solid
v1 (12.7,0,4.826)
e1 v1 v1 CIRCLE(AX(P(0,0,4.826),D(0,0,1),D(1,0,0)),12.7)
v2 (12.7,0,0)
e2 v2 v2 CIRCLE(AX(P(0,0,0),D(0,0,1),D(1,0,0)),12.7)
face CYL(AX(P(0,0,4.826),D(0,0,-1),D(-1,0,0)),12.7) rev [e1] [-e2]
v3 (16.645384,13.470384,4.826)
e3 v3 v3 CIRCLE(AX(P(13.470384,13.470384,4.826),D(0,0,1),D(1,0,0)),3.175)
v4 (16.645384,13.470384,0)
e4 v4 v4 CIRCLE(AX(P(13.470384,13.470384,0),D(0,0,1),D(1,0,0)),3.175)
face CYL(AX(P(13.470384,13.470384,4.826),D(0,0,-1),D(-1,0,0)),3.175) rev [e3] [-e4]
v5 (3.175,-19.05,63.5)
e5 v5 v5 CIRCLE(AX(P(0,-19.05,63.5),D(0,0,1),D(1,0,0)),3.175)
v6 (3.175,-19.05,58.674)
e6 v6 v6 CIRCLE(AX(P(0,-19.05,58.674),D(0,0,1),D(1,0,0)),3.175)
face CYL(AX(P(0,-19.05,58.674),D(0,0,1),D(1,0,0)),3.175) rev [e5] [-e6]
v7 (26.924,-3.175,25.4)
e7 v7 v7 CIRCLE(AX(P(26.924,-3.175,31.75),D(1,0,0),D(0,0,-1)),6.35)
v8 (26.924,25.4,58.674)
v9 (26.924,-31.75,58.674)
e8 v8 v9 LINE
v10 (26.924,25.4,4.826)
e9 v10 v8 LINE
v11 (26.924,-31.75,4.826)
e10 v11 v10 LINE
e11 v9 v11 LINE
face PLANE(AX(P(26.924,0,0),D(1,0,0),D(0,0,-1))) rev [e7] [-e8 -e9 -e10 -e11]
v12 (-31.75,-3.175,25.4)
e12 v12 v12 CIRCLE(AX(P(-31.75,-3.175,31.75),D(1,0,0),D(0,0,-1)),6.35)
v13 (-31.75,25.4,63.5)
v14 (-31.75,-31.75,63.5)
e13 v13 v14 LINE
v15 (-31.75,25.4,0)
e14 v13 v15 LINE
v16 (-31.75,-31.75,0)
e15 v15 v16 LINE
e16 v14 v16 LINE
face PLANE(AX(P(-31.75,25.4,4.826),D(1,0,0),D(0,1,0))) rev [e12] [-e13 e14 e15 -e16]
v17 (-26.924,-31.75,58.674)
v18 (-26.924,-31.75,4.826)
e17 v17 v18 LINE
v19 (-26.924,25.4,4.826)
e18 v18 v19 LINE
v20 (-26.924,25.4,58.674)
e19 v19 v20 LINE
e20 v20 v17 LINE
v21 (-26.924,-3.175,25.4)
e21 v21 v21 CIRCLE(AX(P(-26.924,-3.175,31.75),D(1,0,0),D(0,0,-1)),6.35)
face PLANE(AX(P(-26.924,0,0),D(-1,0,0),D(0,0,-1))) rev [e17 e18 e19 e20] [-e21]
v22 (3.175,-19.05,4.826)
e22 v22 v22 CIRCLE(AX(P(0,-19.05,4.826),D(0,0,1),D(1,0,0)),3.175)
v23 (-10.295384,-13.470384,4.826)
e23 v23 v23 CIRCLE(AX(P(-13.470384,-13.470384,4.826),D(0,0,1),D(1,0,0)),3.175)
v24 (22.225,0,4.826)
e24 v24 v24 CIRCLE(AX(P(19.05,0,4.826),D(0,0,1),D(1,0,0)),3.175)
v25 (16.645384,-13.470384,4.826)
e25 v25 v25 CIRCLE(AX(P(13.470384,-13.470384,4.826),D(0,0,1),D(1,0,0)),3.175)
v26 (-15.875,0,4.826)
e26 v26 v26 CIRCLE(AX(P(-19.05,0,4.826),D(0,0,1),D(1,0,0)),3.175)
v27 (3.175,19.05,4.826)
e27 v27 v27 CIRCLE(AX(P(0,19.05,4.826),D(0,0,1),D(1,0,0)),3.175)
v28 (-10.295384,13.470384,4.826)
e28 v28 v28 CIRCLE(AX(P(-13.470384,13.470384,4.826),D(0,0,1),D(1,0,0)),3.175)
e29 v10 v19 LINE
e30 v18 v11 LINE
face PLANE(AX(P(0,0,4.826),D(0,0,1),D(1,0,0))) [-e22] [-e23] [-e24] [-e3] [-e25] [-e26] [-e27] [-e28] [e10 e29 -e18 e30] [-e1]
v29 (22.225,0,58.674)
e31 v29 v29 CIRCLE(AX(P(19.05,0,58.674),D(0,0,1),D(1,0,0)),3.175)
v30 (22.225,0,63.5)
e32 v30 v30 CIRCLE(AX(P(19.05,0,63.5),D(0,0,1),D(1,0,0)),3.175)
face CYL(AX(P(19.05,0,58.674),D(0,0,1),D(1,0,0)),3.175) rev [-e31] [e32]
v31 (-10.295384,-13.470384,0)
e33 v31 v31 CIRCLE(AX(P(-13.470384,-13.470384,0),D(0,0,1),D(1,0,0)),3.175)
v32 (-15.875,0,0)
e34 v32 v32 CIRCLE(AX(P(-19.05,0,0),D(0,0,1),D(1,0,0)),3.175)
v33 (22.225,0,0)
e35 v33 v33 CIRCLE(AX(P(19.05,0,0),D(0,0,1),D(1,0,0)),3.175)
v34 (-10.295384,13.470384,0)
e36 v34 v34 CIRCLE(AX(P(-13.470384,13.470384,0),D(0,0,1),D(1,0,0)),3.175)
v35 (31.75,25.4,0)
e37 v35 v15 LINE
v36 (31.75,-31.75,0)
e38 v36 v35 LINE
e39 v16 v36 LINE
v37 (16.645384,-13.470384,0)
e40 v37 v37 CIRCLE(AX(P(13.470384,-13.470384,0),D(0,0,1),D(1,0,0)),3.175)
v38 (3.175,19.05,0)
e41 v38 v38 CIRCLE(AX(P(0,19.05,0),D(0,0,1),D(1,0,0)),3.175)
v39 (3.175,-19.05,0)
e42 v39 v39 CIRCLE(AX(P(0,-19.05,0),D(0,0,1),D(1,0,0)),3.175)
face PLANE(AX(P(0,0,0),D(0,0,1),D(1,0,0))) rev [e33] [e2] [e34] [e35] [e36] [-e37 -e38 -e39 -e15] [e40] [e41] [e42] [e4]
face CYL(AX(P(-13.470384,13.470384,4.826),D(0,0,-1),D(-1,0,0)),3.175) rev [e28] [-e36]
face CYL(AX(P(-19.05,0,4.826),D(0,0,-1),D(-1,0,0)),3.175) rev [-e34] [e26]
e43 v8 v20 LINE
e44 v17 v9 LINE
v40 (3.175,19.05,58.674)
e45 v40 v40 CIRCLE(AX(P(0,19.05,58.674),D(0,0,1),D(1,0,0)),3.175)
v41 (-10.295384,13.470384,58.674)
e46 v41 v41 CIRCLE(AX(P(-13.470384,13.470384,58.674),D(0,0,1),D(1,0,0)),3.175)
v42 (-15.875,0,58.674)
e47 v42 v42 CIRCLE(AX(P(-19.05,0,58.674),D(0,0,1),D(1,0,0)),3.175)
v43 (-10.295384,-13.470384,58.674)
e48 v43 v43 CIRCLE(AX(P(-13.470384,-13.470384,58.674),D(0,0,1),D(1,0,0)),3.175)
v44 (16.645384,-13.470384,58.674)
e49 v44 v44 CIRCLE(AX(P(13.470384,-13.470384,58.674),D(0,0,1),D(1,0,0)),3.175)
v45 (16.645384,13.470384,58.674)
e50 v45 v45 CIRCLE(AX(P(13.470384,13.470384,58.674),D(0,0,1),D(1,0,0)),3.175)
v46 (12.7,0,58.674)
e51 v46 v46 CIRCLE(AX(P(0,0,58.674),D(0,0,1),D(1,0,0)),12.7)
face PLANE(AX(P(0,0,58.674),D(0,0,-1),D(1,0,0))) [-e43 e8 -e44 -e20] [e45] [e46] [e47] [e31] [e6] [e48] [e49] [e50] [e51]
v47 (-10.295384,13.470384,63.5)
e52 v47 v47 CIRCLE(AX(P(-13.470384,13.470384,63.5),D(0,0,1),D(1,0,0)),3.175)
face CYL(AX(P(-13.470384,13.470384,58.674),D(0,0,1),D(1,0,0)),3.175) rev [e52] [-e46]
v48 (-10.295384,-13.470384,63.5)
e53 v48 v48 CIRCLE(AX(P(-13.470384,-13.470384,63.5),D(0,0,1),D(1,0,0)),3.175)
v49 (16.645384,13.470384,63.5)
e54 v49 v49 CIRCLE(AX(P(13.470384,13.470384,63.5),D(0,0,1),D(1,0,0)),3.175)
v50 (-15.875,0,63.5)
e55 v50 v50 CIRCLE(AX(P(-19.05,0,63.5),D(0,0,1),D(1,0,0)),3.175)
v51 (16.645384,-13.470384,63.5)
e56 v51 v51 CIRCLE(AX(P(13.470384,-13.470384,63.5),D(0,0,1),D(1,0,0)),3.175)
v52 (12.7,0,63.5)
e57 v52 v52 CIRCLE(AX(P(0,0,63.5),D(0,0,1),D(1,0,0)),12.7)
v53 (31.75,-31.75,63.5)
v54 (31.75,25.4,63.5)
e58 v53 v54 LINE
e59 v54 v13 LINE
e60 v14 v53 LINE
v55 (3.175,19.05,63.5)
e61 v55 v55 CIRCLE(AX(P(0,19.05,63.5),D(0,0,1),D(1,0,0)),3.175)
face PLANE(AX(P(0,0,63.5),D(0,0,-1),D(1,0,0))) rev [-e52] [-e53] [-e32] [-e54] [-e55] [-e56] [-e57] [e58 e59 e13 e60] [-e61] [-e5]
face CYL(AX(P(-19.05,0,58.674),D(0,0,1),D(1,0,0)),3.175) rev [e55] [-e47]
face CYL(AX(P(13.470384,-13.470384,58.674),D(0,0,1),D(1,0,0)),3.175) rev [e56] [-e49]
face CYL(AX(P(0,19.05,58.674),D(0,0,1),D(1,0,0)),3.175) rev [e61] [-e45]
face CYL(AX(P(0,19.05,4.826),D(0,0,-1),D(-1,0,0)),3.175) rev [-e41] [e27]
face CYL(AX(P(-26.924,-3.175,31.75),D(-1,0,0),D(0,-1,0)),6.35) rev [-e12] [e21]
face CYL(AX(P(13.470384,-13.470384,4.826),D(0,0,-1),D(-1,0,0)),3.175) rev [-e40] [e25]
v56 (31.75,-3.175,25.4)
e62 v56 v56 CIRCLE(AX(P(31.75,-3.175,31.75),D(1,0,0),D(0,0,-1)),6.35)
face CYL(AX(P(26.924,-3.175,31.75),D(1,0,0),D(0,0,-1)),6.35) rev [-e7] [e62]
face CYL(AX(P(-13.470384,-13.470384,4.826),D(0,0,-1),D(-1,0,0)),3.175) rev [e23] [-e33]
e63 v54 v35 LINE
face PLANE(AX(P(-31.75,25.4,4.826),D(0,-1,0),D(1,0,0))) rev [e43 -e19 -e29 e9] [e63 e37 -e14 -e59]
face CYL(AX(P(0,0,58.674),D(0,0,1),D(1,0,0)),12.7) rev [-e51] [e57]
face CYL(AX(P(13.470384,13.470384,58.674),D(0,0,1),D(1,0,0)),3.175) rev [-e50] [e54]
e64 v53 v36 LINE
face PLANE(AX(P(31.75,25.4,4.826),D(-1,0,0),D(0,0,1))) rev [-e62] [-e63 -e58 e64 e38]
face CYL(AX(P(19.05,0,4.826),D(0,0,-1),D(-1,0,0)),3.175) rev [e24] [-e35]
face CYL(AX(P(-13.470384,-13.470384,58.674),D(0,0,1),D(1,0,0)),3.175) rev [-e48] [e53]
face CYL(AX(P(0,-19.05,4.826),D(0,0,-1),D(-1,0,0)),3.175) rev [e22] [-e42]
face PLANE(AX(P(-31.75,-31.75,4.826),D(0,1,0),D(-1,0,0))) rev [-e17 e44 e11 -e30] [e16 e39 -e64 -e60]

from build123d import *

# Parameters (mm, degrees)
SKETCH1_W           = 63.5
SKETCH1_H           = 57.15
SKETCH1_R           = 12.7
SKETCH1_R_2         = 3.175
BOSS_EXTRUDE2_DEPTH = 4.826
SKETCH2_W           = 53.848
SKETCH2_H           = 57.15
SKETCH2_R           = 6.35
BOSS_EXTRUDE3_DEPTH = 4.826


with BuildPart() as part:
    # Sketch1 → Boss-Extrude2 (new body)
    with BuildSketch(Plane.XY):
        with Locations((0, -3.175)):
            Rectangle(SKETCH1_W, SKETCH1_H)
        Circle(SKETCH1_R, mode=Mode.SUBTRACT)
        with Locations((0, 19.05)):
            Circle(SKETCH1_R_2, mode=Mode.SUBTRACT)
        with Locations((13.470384182, 13.470384182)):
            Circle(SKETCH1_R_2, mode=Mode.SUBTRACT)
        with Locations((19.05, 0)):
            Circle(SKETCH1_R_2, mode=Mode.SUBTRACT)
        with Locations((13.470384182, -13.470384182)):
            Circle(SKETCH1_R_2, mode=Mode.SUBTRACT)
        with Locations((0, -19.05)):
            Circle(SKETCH1_R_2, mode=Mode.SUBTRACT)
        with Locations((-13.470384182, -13.470384182)):
            Circle(SKETCH1_R_2, mode=Mode.SUBTRACT)
        with Locations((-19.05, 0)):
            Circle(SKETCH1_R_2, mode=Mode.SUBTRACT)
        with Locations((-13.470384182, 13.470384182)):
            Circle(SKETCH1_R_2, mode=Mode.SUBTRACT)
    boss_extrude2 = extrude(amount=BOSS_EXTRUDE2_DEPTH)

    # Sketch2 → Boss-Extrude3 (add)
    with BuildSketch(Plane(origin=(31.75, 0, 0), x_dir=(0, 0, -1), z_dir=(1, 0, 0))):
        with Locations((-31.75, -3.175)):
            Rectangle(SKETCH2_W, SKETCH2_H)
        with Locations((-31.75, -3.175)):
            Circle(SKETCH2_R, mode=Mode.SUBTRACT)
    boss_extrude3 = extrude(amount=-BOSS_EXTRUDE3_DEPTH)

    # Mirror1: Boss-Extrude2 across plane
    add(boss_extrude2.mirror(Plane.XY.offset(31.75)))

    # Mirror3: Boss-Extrude3 across plane
    add(boss_extrude3.mirror(Plane.ZY))


solid = part.part
